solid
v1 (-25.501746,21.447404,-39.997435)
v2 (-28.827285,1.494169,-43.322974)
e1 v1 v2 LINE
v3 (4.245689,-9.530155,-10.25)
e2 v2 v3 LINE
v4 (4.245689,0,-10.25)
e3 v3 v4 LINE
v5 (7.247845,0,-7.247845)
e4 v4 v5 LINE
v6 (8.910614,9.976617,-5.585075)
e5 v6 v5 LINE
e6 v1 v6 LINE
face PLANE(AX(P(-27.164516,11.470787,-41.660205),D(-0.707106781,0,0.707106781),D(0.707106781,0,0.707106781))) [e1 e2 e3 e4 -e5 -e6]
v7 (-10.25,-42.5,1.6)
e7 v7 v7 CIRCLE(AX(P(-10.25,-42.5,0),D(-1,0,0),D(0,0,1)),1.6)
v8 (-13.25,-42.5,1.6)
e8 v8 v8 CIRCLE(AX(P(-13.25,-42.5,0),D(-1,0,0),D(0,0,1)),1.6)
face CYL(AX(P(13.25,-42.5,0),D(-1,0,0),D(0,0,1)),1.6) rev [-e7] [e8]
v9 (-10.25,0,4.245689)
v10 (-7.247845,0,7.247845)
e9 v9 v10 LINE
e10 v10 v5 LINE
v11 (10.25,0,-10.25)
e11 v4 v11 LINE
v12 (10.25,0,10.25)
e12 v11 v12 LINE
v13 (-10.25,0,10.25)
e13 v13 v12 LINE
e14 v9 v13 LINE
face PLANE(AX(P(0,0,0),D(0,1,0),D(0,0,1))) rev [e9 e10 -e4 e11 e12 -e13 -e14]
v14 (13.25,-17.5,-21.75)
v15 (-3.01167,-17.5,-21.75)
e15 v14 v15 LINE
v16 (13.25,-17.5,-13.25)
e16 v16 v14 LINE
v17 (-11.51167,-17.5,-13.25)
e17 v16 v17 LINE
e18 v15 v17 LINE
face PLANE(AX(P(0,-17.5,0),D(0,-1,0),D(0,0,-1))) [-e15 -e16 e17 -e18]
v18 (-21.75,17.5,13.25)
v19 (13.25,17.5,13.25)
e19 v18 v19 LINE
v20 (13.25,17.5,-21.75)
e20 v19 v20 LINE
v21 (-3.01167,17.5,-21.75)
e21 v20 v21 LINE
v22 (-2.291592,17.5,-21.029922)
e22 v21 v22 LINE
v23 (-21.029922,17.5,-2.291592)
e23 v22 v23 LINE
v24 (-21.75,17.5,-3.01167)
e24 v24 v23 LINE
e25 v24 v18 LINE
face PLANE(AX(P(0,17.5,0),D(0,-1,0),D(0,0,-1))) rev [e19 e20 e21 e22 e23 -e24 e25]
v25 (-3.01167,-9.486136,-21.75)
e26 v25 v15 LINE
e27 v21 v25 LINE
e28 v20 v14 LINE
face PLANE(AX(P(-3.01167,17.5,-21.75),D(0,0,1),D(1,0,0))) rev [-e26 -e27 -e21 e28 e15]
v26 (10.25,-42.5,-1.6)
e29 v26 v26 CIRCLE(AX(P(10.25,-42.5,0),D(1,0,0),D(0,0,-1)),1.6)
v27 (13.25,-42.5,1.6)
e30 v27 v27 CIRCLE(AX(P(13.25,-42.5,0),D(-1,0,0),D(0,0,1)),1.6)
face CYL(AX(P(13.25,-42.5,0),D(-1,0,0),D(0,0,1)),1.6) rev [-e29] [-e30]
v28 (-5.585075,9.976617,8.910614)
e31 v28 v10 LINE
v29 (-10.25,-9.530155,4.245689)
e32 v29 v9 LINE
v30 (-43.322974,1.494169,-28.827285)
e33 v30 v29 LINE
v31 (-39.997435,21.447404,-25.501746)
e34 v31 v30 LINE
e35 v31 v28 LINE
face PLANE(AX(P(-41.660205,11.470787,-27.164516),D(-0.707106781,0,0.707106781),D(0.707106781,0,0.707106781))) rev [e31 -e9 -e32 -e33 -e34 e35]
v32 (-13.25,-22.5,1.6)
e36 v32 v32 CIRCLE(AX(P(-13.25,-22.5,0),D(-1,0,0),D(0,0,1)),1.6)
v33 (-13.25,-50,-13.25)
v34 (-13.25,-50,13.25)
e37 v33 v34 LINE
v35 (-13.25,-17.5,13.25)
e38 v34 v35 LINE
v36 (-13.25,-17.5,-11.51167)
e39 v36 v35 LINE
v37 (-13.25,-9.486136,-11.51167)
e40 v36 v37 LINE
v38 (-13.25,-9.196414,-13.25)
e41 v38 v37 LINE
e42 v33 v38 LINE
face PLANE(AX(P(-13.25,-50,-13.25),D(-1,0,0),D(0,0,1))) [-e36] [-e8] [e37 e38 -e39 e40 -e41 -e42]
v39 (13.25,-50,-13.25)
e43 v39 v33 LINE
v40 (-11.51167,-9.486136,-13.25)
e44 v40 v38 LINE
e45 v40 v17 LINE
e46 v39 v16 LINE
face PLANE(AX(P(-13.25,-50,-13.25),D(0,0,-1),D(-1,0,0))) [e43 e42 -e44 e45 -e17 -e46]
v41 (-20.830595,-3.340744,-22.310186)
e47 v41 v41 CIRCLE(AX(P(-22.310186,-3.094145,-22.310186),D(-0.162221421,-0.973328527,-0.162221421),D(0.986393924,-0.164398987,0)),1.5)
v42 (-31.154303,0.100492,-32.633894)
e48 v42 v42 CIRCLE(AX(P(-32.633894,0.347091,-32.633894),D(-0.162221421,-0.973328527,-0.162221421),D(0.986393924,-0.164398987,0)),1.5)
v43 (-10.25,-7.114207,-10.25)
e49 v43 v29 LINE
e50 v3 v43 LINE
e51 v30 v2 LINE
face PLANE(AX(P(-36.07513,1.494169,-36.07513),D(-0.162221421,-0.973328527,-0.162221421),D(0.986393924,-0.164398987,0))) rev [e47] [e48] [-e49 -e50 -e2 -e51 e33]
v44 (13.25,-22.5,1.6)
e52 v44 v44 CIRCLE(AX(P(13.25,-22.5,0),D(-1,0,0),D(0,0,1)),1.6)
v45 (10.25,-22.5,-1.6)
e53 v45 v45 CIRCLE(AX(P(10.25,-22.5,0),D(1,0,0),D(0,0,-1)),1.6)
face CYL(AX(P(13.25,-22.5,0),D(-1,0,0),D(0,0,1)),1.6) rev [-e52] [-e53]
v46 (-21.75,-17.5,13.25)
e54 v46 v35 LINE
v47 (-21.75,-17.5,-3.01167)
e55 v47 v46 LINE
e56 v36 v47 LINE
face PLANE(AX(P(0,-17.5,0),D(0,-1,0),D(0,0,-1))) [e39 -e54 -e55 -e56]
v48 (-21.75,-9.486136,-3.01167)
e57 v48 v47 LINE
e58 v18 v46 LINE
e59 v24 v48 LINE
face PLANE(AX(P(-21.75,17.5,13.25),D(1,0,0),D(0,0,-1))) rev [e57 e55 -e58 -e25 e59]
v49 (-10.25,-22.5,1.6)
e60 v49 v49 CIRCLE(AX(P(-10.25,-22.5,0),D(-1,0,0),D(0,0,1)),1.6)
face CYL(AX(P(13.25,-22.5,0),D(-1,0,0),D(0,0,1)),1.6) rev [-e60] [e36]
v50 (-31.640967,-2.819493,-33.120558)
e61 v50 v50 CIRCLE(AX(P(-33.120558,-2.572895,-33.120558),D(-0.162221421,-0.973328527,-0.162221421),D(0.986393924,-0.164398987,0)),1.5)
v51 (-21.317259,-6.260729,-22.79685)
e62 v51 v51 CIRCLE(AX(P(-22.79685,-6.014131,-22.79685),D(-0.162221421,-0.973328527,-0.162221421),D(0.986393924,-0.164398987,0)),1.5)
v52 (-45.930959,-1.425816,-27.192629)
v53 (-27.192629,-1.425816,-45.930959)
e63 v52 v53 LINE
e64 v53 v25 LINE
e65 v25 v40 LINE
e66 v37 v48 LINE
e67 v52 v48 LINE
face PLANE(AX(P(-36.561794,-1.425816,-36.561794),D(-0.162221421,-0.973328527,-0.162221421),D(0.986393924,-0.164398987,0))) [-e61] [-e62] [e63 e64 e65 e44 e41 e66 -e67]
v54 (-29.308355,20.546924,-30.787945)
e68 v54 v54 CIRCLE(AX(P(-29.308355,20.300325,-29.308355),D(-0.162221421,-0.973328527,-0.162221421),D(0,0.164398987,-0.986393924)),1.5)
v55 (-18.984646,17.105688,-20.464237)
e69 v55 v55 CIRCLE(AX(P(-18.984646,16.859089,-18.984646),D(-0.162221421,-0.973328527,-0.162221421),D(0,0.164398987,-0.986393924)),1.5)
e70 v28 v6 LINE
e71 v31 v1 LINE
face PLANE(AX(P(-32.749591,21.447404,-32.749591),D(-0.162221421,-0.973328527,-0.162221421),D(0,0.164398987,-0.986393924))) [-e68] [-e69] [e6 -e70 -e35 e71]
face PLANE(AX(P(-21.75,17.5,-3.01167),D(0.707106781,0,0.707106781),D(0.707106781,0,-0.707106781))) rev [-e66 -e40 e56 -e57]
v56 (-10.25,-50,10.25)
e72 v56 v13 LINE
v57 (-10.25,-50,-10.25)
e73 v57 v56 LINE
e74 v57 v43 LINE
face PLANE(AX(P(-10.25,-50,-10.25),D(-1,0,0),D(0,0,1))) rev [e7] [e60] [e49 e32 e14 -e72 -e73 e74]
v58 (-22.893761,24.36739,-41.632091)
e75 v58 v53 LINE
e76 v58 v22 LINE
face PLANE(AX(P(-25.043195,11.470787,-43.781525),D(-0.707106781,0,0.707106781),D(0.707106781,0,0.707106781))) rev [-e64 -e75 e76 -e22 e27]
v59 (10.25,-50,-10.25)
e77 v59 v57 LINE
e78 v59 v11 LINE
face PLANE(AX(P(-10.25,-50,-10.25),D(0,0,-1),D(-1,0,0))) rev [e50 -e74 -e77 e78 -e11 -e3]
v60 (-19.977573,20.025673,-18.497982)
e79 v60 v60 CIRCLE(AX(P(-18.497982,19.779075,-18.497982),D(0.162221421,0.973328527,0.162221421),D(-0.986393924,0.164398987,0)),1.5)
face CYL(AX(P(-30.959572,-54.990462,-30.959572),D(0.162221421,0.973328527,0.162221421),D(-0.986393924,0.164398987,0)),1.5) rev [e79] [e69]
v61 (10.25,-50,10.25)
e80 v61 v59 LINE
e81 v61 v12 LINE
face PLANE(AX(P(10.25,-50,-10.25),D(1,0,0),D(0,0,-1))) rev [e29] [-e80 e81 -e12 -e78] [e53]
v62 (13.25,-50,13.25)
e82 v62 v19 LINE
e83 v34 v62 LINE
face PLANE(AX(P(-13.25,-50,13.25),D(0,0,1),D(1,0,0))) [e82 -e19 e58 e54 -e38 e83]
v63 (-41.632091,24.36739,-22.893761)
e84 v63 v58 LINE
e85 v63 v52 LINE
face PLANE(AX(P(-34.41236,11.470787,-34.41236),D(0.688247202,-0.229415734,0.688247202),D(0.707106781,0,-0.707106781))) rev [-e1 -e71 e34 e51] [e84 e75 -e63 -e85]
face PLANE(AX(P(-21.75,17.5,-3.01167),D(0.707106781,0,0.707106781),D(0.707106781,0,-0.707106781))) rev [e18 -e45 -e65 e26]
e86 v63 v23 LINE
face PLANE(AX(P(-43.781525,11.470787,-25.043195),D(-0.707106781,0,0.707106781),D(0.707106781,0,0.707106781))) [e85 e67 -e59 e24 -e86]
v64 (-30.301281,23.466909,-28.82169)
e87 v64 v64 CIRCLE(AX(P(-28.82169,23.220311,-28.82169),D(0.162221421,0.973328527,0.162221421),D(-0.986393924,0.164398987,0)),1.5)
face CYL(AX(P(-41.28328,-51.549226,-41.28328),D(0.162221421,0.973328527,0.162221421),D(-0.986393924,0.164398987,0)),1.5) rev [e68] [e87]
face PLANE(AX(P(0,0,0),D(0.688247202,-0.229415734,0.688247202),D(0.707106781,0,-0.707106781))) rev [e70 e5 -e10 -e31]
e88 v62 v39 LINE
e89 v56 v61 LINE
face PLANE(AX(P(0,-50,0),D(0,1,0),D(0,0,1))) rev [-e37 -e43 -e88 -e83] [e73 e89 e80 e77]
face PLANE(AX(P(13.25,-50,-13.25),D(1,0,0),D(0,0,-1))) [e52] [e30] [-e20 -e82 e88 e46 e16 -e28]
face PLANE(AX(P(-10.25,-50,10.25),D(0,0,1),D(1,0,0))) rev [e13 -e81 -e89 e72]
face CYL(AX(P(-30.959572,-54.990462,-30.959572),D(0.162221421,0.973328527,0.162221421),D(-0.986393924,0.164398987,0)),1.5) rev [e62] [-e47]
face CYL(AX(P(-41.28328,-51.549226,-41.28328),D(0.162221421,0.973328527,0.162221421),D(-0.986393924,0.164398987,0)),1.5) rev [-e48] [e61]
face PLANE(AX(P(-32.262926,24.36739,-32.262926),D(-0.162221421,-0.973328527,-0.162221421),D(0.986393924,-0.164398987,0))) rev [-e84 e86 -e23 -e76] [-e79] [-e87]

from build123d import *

# Parameters (mm, degrees)
SKETCH_4_W          = 26.5
SKETCH_4_H          = 26.5
SKETCH_4_W_2        = 20.5
SKETCH_4_H_2        = 20.5
EXTRUDE_1_DEPTH     = 50
EXTRUDE_2_DEPTH     = 50
EXTRUDE_3_DEPTH     = 17.5
SKETCH_4_2_W        = 20.5
SKETCH_4_2_H        = 20.5
CUT_EXTRUDE_1_DEPTH = 82.971372719
CUT_EXTRUDE_2_DEPTH = 82.971372719
SKETCH_7_R          = 1.5
CUT_EXTRUDE_3_DEPTH = 93.625217786
SKETCH_8_R          = 1.6
CUT_EXTRUDE_4_DEPTH = 76.350501248


with BuildPart() as part:
    # 草图4 → 凸台-拉伸1 (new body)
    with BuildSketch(Plane(origin=(0, 0, 0), x_dir=(1, 0, 0), z_dir=(0, 1, 0))):
        Rectangle(SKETCH_4_W, SKETCH_4_H)
        Rectangle(SKETCH_4_W_2, SKETCH_4_H_2, mode=Mode.SUBTRACT)
    extrude(amount=-EXTRUDE_1_DEPTH)

    # 草图5 → 凸台-拉伸2 (add)
    with BuildSketch(Plane(origin=(0, 0, 0), x_dir=(0.7254762501100117, 0.21764287503300356, -0.6529286250990104), z_dir=(0.6882472016116853, -0.22941573387056186, 0.6882472016116854))):
        Polygon((15.877292577, 9.951712437), (-9.951712437, 15.877292577), (-15.877292577, -9.951712437), (9.951712437, -15.877292577), align=None)
        Polygon((-12.28243388, -7.698494526), (-7.698494526, 12.28243388), (12.28243388, 7.698494526), (7.698494526, -12.28243388), align=None, mode=Mode.SUBTRACT)
    extrude(amount=-EXTRUDE_2_DEPTH)

    # 草图6 → 凸台-拉伸3 (add, symmetric)
    with BuildSketch(Plane(origin=(0, 0, 0), x_dir=(1, 0, 0), z_dir=(0, 1, 0))):
        Polygon((13.25, -13.25), (-21.75, -13.25), (-21.75, 3.011670299), (-3.011670299, 21.75), (13.25, 21.75), align=None)
    extrude(amount=EXTRUDE_3_DEPTH, both=True)

    # 草图4<2> → 切除-拉伸1 (cut, through all)
    with BuildSketch(Plane(origin=(0, 0, 0), x_dir=(1, 0, 0), z_dir=(0, 1, 0))):
        Rectangle(SKETCH_4_2_W, SKETCH_4_2_H)
    extrude(amount=-CUT_EXTRUDE_1_DEPTH, mode=Mode.SUBTRACT)

    # 草图5<2> → 切除-拉伸2 (cut, through all)
    with BuildSketch(Plane(origin=(0, 0, 0), x_dir=(0.7254762501100117, 0.21764287503300356, -0.6529286250990104), z_dir=(0.6882472016116853, -0.22941573387056186, 0.6882472016116854))):
        Polygon((12.28243388, 7.698494526), (-7.698494526, 12.28243388), (-12.28243388, -7.698494526), (7.698494526, -12.28243388), align=None)
    extrude(amount=-CUT_EXTRUDE_2_DEPTH, mode=Mode.SUBTRACT)

    # 草图7 → 切除-拉伸3 (cut, through all)
    with BuildSketch(Plane(origin=(2.14943383, 12.89660298, 2.14943383), x_dir=(0.9867543820659302, -0.16001422411879954, -0.026669037353133265), z_dir=(0.1622214211307626, 0.9733285267845754, 0.1622214211307625))):
        with Locations((-31.386862461, 32.246935744)):
            Circle(SKETCH_7_R)
        with Locations((-20.924574974, 21.497957163)):
            Circle(SKETCH_7_R)
    extrude(amount=-CUT_EXTRUDE_3_DEPTH, mode=Mode.SUBTRACT)

    # 草图8 → 切除-拉伸4 (cut, through all)
    with BuildSketch(Plane.ZY.offset(13.25)):
        with Locations((0, -22.5)):
            Circle(SKETCH_8_R)
        with Locations((0, -42.5)):
            Circle(SKETCH_8_R)
    extrude(amount=-CUT_EXTRUDE_4_DEPTH, mode=Mode.SUBTRACT)


solid = part.part
